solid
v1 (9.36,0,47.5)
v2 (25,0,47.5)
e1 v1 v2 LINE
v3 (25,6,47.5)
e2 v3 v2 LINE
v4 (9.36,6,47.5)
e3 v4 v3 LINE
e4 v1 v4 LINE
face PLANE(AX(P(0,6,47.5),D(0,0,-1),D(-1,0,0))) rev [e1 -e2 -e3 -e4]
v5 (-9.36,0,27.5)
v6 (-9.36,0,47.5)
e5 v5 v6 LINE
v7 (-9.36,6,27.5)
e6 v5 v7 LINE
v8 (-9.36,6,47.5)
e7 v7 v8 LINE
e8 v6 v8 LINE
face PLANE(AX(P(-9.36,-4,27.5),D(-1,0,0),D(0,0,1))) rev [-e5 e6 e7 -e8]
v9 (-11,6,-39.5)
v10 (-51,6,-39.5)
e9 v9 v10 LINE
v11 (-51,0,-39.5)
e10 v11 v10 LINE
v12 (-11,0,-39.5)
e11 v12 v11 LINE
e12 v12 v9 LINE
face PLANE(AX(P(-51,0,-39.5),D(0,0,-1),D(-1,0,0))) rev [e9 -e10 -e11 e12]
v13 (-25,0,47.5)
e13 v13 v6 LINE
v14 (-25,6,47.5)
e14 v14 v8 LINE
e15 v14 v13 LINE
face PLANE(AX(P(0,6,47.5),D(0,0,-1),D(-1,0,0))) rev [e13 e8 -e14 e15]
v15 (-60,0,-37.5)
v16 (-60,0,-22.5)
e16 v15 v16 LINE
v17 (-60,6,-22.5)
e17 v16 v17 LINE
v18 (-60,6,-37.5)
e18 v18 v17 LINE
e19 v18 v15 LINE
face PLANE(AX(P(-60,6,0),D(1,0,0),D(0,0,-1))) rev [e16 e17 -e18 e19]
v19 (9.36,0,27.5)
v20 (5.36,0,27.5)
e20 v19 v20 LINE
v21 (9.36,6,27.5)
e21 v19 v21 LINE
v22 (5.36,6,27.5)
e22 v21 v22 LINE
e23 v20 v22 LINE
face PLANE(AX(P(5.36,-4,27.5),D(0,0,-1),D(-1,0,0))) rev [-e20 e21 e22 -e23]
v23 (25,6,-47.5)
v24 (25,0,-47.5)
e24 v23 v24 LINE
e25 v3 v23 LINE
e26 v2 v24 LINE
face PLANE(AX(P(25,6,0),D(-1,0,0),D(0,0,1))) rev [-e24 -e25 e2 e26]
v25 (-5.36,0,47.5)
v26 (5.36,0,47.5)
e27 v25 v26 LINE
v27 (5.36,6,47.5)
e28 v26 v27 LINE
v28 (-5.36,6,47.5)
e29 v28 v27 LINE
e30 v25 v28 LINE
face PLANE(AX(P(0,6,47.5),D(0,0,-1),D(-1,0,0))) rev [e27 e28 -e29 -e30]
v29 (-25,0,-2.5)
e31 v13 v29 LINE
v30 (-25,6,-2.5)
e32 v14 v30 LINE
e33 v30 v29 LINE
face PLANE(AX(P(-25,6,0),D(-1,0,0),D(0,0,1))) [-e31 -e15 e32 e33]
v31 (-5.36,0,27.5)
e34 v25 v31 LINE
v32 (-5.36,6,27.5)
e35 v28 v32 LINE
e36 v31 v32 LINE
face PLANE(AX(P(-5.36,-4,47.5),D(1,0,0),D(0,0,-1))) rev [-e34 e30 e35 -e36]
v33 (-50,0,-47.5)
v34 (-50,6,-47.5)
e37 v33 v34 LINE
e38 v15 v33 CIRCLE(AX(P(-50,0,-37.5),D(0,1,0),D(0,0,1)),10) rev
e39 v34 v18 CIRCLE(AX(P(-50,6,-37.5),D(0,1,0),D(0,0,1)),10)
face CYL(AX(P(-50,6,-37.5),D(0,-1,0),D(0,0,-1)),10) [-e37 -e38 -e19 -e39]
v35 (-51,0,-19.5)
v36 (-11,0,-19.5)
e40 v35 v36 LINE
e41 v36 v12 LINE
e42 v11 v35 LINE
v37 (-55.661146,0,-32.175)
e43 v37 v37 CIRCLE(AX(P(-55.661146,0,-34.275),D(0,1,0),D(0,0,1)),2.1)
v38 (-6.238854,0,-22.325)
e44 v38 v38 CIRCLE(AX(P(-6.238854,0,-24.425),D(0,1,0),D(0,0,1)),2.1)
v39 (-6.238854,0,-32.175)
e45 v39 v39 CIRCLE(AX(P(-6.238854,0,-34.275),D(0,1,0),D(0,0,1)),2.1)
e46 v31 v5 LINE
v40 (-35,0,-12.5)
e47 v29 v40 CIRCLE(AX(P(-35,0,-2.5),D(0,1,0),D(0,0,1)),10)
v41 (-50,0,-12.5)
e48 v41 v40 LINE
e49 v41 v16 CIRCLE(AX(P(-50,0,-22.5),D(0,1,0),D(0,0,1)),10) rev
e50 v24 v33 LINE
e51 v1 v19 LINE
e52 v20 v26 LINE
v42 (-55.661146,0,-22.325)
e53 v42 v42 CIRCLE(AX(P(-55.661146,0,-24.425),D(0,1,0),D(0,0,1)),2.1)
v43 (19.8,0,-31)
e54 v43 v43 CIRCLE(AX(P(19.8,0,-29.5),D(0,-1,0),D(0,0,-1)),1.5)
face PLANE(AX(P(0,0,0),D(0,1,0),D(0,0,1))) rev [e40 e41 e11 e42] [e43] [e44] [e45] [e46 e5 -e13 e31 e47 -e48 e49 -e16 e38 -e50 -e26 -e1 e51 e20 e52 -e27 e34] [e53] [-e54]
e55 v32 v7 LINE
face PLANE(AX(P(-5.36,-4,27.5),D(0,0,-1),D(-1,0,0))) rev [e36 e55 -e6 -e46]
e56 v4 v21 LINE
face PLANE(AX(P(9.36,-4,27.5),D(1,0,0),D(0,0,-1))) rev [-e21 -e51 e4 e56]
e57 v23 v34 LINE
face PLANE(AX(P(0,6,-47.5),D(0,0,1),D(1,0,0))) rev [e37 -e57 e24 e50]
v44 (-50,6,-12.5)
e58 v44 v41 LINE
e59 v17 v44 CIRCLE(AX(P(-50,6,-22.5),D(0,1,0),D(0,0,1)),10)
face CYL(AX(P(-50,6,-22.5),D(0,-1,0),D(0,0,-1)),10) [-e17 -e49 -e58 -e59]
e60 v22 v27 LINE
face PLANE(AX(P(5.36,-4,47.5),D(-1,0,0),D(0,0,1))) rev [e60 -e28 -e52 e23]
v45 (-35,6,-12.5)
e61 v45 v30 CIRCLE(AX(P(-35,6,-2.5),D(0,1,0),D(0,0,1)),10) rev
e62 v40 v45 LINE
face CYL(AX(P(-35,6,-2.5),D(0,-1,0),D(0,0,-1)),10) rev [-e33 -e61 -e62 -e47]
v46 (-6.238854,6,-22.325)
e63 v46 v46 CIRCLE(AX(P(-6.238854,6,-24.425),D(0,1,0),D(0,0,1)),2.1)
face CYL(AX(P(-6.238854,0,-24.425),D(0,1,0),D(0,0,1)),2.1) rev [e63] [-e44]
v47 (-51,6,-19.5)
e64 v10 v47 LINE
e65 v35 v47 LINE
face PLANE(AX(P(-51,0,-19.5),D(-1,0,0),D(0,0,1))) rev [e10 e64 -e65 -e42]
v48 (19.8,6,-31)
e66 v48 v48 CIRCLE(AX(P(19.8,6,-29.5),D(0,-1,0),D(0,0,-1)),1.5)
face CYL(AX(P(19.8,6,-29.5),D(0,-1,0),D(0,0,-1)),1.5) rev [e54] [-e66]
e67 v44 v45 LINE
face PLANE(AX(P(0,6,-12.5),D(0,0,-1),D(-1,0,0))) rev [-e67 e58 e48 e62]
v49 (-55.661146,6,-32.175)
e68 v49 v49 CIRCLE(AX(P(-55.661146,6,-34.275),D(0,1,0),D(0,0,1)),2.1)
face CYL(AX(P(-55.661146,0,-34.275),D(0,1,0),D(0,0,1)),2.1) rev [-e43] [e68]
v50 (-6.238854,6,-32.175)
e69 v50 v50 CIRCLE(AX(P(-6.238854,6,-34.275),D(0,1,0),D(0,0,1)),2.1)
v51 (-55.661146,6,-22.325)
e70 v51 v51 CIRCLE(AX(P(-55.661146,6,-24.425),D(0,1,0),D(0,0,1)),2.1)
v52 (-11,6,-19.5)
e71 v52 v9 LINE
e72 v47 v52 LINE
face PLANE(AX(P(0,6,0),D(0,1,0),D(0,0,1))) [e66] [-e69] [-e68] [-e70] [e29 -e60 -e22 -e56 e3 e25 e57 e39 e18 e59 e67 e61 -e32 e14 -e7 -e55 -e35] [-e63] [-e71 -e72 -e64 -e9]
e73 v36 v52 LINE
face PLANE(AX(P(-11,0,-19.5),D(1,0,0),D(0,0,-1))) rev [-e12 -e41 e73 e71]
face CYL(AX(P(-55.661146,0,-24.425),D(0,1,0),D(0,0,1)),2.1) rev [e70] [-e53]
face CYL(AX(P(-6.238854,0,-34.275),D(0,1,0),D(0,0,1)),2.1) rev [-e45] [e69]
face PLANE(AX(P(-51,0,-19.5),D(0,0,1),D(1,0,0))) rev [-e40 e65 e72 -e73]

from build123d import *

# Parameters (mm, degrees)
SKETCH1_W           = 35
SKETCH1_H           = 35
SKETCH1_W_2         = 50
SKETCH1_H_2         = 95
BOSS_EXTRUDE1_DEPTH = 6
FILLET1_R           = 10
SKETCH2_W           = 4
SKETCH2_H           = 20
CUT_EXTRUDE1_DEPTH  = 10
SKETCH3_W           = 40
SKETCH3_H           = 20
CUT_EXTRUDE2_DEPTH  = 7
SKETCH4_R           = 1.5
CUT_EXTRUDE3_DEPTH  = 7
SKETCH5_R           = 2.1
CUT_EXTRUDE4_DEPTH  = 7


with BuildPart() as part:
    # Sketch1 → Boss-Extrude1 (new body)
    with BuildSketch(Plane(origin=(0, 0, 0), x_dir=(1, 0, 0), z_dir=(0, 1, 0))):
        with Locations((-42.5, 30)):
            Rectangle(SKETCH1_W, SKETCH1_H)
        Rectangle(SKETCH1_W_2, SKETCH1_H_2)
    extrude(amount=BOSS_EXTRUDE1_DEPTH)

    # Fillet1
    fillet1_edges = [part.edges().sort_by_distance(p)[0] for p in [
        (-60, 3, -47.5),
        (-25, 3, -12.5),
        (-60, 3, -12.5),
    ]]
    fillet(fillet1_edges, radius=FILLET1_R)

    # Sketch2 → Cut-Extrude1 (cut)
    with BuildSketch(Plane(origin=(0, 6, 0), x_dir=(1, 0, 0), z_dir=(0, 1, 0))):
        with Locations((-7.36, -37.5)):
            Rectangle(SKETCH2_W, SKETCH2_H)
        with Locations((7.36, -37.5)):
            Rectangle(SKETCH2_W, SKETCH2_H)
    extrude(amount=-CUT_EXTRUDE1_DEPTH, mode=Mode.SUBTRACT)

    # Sketch3 → Cut-Extrude2 (cut, through all)
    with BuildSketch(Plane(origin=(0, 6, 0), x_dir=(1, 0, 0), z_dir=(0, 1, 0))):
        with Locations((-31, 29.5)):
            Rectangle(SKETCH3_W, SKETCH3_H)
    extrude(amount=-CUT_EXTRUDE2_DEPTH, mode=Mode.SUBTRACT)

    # Sketch4 → Cut-Extrude3 (cut, through all)
    with BuildSketch(Plane(origin=(0, 0, 0), x_dir=(-1, 0, 0), z_dir=(0, -1, 0))):
        with Locations((-19.8, 29.5)):
            Circle(SKETCH4_R)
    extrude(amount=-CUT_EXTRUDE3_DEPTH, mode=Mode.SUBTRACT)

    # Sketch5 → Cut-Extrude4 (cut, through all)
    with BuildSketch(Plane(origin=(0, 6, 0), x_dir=(1, 0, 0), z_dir=(0, 1, 0))):
        with Locations((-55.661145618, 24.425)):
            Circle(SKETCH5_R)
        with Locations((-55.661145618, 34.275)):
            Circle(SKETCH5_R)
        with Locations((-6.238854382, 34.275)):
            Circle(SKETCH5_R)
        with Locations((-6.238854382, 24.425)):
            Circle(SKETCH5_R)
    extrude(amount=-CUT_EXTRUDE4_DEPTH, mode=Mode.SUBTRACT)


solid = part.part
